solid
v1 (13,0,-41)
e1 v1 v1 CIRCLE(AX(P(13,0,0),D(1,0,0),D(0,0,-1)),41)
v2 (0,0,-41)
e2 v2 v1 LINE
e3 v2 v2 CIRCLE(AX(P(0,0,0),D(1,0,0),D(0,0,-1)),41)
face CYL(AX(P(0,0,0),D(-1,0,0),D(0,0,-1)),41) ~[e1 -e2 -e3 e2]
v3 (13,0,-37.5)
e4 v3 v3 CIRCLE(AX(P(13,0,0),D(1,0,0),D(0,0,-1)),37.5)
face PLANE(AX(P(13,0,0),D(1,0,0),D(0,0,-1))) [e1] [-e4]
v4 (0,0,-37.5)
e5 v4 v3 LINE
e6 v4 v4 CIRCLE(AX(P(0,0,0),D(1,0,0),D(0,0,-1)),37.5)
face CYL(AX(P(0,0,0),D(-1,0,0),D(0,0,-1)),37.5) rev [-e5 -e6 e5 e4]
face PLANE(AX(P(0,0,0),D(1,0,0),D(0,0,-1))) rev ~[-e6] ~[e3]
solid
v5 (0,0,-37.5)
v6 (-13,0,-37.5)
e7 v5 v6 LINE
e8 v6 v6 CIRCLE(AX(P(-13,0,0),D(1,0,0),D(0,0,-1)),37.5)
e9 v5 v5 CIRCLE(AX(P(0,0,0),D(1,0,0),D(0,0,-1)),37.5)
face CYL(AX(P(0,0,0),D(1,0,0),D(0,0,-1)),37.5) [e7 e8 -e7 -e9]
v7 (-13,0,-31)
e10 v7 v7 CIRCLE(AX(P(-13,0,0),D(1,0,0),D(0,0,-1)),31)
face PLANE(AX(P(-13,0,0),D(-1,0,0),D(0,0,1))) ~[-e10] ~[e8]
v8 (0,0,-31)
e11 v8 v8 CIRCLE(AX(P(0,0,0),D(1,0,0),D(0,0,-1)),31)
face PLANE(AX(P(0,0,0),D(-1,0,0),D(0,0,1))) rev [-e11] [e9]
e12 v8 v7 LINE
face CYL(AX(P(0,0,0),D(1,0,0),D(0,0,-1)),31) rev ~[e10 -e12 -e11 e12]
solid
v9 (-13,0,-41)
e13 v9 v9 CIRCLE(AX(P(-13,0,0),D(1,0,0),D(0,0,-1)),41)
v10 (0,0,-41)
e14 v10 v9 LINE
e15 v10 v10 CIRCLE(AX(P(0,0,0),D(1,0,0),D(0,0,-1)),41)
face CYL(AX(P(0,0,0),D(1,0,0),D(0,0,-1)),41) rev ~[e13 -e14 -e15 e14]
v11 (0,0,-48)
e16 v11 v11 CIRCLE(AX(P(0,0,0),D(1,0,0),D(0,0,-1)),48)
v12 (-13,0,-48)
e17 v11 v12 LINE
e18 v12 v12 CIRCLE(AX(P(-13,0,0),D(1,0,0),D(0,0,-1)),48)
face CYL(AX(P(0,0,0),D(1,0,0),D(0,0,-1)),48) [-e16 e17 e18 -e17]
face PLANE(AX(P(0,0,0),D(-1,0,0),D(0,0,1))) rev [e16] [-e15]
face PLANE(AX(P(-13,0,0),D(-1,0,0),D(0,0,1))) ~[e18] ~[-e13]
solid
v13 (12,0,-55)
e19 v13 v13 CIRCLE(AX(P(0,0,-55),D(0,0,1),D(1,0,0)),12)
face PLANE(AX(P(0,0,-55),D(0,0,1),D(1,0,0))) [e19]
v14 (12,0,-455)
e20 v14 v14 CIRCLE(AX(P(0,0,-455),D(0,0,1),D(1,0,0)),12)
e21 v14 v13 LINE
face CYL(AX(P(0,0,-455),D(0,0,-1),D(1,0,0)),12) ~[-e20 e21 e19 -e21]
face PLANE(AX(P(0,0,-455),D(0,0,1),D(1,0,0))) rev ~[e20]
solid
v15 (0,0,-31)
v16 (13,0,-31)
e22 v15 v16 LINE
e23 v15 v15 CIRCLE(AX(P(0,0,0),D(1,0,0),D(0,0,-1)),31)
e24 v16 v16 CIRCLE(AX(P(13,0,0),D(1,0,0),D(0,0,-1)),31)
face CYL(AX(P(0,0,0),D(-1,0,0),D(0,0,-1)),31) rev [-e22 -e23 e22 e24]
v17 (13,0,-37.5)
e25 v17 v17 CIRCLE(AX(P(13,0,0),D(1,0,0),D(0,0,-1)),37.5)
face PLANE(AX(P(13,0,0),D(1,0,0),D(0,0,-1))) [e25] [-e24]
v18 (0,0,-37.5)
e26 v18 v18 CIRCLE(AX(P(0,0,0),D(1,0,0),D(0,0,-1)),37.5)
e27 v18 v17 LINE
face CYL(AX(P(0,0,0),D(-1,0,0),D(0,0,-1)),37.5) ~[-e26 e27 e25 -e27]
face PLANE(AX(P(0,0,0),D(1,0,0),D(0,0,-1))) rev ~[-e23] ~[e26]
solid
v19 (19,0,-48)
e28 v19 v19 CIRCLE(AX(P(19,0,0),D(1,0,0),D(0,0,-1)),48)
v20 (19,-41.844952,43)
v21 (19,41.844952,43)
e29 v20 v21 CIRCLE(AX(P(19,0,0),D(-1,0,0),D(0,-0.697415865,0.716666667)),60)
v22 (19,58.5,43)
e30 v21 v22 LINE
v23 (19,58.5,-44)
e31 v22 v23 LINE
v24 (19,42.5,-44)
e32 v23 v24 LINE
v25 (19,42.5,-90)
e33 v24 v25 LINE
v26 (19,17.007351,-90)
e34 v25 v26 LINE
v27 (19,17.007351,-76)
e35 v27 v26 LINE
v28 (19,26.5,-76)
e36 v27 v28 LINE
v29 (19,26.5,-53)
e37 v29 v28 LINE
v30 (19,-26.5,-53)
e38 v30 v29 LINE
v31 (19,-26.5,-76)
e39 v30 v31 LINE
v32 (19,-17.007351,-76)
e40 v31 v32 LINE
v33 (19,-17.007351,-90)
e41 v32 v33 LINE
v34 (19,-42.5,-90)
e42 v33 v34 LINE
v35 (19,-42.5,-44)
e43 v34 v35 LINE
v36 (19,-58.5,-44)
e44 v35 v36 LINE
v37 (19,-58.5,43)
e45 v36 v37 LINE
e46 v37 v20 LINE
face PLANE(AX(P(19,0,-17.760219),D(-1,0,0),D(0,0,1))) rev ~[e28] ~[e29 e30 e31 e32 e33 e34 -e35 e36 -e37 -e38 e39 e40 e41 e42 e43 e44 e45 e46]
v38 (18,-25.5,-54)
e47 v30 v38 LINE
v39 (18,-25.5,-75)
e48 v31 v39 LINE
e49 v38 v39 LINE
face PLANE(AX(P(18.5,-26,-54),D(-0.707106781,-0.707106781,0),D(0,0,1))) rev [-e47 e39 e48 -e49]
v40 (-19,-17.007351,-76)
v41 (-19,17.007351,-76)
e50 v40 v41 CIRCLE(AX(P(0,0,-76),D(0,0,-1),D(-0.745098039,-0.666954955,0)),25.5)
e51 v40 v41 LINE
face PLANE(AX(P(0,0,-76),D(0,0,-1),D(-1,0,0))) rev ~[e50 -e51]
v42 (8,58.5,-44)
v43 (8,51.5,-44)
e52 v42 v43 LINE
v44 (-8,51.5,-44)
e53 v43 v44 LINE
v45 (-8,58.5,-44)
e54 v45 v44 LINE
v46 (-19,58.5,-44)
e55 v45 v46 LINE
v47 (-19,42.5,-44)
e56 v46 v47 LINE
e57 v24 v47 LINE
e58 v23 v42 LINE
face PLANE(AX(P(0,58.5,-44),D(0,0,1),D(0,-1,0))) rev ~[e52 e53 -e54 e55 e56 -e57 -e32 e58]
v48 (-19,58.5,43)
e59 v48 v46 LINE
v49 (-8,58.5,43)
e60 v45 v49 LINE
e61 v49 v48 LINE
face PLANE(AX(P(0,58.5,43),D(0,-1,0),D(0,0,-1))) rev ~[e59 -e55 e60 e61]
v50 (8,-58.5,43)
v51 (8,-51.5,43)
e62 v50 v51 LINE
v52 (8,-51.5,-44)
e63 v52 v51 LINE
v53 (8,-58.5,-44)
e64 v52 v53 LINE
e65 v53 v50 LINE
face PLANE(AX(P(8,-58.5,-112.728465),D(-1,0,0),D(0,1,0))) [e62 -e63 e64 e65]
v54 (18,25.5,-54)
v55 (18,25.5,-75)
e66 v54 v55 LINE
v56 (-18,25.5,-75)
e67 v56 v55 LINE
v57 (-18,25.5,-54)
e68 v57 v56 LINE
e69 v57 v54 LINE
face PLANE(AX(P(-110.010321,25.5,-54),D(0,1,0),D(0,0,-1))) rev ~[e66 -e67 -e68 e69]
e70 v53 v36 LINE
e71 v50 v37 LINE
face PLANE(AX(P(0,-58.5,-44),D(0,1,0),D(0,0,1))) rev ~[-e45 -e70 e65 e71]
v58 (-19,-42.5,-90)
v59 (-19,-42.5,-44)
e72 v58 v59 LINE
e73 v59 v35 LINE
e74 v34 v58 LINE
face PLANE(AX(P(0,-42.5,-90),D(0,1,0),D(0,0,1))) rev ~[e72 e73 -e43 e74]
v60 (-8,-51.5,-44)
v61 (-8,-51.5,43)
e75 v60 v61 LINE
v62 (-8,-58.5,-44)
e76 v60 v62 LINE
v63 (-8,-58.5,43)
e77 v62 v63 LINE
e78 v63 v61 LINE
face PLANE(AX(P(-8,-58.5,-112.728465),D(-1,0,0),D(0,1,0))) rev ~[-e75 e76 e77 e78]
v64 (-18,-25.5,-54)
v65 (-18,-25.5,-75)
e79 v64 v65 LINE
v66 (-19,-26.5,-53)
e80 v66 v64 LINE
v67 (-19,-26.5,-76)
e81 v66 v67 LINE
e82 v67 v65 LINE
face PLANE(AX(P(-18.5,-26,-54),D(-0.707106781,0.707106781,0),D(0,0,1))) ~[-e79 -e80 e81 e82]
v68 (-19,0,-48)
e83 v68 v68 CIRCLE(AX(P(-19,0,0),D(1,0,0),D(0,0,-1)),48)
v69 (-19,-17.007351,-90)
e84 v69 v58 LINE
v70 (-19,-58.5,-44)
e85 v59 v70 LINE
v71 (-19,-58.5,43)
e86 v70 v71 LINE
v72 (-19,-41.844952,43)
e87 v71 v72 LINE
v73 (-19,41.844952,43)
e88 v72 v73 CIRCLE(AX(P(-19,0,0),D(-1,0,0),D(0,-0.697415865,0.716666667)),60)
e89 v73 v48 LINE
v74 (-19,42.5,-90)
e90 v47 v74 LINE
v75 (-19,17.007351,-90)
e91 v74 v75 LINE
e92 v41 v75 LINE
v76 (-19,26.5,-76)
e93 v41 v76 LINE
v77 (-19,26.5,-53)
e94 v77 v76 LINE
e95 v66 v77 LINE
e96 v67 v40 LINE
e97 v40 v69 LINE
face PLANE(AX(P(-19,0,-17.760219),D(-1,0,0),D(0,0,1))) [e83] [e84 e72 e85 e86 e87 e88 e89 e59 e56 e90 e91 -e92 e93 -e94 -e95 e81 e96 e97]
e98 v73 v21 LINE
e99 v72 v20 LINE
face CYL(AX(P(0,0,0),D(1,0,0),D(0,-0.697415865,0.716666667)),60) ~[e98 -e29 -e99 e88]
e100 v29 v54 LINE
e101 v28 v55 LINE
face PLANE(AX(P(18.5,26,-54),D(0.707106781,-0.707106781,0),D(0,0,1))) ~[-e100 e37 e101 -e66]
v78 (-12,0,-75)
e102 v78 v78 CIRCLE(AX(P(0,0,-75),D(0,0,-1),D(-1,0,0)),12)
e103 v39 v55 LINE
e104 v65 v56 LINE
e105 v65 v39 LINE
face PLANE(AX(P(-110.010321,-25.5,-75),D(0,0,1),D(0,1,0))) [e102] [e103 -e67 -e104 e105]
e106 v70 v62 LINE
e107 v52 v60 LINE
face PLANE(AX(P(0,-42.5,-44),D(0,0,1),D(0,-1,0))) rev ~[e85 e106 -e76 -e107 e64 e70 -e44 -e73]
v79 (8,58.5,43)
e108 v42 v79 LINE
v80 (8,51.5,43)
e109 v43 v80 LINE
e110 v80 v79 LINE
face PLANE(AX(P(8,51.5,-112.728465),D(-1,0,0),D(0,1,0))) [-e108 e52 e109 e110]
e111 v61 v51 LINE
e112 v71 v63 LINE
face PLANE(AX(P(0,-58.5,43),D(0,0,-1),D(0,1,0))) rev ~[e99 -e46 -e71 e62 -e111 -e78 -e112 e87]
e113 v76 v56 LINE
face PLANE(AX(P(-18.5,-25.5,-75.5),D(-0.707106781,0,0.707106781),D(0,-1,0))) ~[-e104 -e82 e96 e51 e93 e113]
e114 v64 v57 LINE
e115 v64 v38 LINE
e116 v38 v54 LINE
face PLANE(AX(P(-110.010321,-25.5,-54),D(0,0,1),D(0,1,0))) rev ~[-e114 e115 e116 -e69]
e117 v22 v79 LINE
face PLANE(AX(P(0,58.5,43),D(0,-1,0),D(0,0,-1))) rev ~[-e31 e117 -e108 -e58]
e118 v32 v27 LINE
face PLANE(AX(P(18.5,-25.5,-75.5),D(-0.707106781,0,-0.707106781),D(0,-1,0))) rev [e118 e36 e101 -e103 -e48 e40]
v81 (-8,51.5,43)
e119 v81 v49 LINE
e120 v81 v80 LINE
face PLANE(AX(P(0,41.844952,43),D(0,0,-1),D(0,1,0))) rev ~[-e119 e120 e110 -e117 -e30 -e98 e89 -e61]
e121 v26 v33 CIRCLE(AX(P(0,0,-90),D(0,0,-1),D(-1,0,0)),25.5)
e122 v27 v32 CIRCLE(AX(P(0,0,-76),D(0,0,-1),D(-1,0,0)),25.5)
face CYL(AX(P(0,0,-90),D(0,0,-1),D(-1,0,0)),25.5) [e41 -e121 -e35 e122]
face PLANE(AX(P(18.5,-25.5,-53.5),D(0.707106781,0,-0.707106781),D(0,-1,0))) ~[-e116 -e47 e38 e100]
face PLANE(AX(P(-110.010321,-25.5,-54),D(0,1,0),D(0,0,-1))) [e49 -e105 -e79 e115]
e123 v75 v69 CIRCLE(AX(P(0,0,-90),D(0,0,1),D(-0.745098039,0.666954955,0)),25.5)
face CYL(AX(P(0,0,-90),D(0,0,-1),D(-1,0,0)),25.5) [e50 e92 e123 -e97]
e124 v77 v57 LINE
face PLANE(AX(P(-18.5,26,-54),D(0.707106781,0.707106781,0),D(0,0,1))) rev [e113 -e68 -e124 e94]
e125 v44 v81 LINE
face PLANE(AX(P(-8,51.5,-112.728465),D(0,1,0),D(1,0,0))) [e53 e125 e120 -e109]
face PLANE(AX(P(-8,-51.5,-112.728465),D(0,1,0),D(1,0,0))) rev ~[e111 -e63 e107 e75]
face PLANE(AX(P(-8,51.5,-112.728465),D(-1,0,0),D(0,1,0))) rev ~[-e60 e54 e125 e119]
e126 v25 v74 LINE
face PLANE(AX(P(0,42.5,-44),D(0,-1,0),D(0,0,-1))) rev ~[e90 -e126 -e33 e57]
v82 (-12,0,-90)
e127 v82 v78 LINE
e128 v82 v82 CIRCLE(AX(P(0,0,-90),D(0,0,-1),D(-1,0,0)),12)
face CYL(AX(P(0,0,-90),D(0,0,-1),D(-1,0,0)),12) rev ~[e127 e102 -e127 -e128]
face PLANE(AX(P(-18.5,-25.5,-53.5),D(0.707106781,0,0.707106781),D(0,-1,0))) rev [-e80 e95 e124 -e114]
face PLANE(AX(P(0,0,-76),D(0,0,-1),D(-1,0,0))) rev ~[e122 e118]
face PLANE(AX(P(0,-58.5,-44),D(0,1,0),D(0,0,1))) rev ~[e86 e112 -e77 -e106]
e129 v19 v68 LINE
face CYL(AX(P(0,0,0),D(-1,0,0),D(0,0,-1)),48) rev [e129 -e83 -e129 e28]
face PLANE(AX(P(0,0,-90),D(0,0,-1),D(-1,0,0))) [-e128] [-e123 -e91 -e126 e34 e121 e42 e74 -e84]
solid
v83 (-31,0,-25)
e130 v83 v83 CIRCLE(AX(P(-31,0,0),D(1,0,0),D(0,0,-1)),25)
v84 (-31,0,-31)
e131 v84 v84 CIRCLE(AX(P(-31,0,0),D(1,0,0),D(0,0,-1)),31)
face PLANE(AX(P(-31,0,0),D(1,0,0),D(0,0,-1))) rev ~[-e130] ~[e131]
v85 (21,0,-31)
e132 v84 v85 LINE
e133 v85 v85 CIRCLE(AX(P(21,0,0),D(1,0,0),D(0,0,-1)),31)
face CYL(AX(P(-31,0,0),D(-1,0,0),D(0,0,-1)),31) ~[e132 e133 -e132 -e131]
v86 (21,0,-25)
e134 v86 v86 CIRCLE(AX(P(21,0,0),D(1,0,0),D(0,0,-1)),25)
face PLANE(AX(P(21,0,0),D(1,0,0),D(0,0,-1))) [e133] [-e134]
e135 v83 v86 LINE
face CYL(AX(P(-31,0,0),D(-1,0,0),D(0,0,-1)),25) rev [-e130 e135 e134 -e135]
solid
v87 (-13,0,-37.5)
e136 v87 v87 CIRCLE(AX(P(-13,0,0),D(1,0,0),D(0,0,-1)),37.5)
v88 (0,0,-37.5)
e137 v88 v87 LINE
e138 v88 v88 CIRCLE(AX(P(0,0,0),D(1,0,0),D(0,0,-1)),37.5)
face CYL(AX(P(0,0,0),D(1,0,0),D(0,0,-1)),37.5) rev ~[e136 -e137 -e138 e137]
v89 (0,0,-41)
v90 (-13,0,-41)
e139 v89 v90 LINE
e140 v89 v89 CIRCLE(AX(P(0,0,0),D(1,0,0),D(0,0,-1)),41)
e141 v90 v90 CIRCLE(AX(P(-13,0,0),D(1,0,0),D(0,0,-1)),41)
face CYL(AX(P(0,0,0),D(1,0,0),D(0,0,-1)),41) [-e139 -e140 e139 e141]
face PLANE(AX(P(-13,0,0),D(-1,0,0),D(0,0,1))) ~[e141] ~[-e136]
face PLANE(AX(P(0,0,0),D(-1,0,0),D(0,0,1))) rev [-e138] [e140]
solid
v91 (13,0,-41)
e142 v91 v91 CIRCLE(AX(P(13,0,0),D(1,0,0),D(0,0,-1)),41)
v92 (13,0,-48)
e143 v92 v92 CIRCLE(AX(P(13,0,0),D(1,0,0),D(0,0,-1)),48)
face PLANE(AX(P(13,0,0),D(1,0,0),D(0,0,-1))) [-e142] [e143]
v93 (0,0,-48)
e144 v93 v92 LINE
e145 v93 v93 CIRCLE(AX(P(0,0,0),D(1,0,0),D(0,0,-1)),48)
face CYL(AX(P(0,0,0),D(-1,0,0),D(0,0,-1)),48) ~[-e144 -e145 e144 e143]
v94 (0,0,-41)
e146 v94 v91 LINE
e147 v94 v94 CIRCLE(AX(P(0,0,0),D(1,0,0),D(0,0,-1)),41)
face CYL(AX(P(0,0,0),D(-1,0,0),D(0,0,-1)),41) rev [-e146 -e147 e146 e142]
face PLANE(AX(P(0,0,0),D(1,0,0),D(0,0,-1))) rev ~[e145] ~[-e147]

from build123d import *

# Parameters (mm, degrees)
SKETCH1_R                = 48
BOSS_EXTRUDE1_DEPTH      = 19
SKETCH2_R                = 41
SKETCH2_R_2              = 37.5
BOSS_EXTRUDE2_DEPTH      = 13
CUT_EXTRUDE1_DEPTH       = 110.010320612
CUT_EXTRUDE1_DEPTH_BACK  = 110.010320612
SKETCH3_W                = 21
SKETCH3_H                = 51
CHAMFER1_SIZE            = 1
SKETCH4_R                = 25.5
BOSS_EXTRUDE3_DEPTH      = 14
SKETCH5_R                = 12
CUT_EXTRUDE2_DEPTH       = 15
SKETCH6_R                = 48
SKETCH6_R_2              = 41
BOSS_EXTRUDE4_DEPTH      = 13
SKETCH7_R                = 37.5
SKETCH7_R_2              = 31
BOSS_EXTRUDE5_DEPTH      = 13
BOSS_EXTRUDE6_DEPTH      = 21
BOSS_EXTRUDE6_DEPTH_BACK = 31
SKETCH8_R                = 31
SKETCH8_R_2              = 25
CUT_EXTRUDE3_DEPTH       = 112.728465487
CUT_EXTRUDE3_DEPTH_BACK  = 112.728465487
SKETCH9_W                = 16
SKETCH9_H                = 7
BOSS_EXTRUDE7_DEPTH      = 20
BOSS_EXTRUDE7_DEPTH_BACK = 380
SKETCH10_R               = 12


with BuildPart() as part:
    # Sketch1 → Boss-Extrude1 (new, symmetric)
    with BuildSketch(Plane(origin=(0, 0, 0), x_dir=(0, 0, -1), z_dir=(1, 0, 0))):
        with BuildLine():
            Line((-43, 41.844951906), (-43, 58.5))
            Line((-43, 58.5), (44, 58.5))
            Line((44, 58.5), (44, 42.5))
            Line((44, 42.5), (90, 42.5))
            Line((90, 42.5), (90, -42.5))
            Line((90, -42.5), (44, -42.5))
            Line((44, -42.5), (44, -58.5))
            Line((44, -58.5), (-43, -58.5))
            Line((-43, -58.5), (-43, -41.844951906))
            ThreePointArc((-43, -41.844951906), (-60, 0), (-43, 41.844951906))
        make_face()
        Circle(SKETCH1_R, mode=Mode.SUBTRACT)
    extrude(amount=BOSS_EXTRUDE1_DEPTH, both=True)

    # Sketch3 → Cut-Extrude1 (cut, two sides: drawn at the far end of the back side and taken through both)
    with BuildSketch(Plane(origin=(0, 0, 0), x_dir=(0, 0, -1), z_dir=(1, 0, 0)).offset(-CUT_EXTRUDE1_DEPTH_BACK)):
        with Locations((64.5, 0)):
            Rectangle(SKETCH3_W, SKETCH3_H)
    extrude(amount=CUT_EXTRUDE1_DEPTH + CUT_EXTRUDE1_DEPTH_BACK, mode=Mode.SUBTRACT)

    # Chamfer1
    chamfer1_edges = [part.edges().sort_by_distance(p)[0] for p in [
        (-19, 0, -54),
        (-19, 25.5, -64.5),
        (-19, 0, -75),
        (-19, -25.5, -64.5),
        (19, 0, -54),
        (19, -25.5, -64.5),
        (19, 0, -75),
        (19, 25.5, -64.5),
    ]]
    chamfer(chamfer1_edges, length=CHAMFER1_SIZE)

    # Sketch4 → Boss-Extrude3 (add)
    with BuildSketch(Plane(origin=(0, 0, -90), x_dir=(-1, 0, 0), z_dir=(0, 0, -1))):
        Circle(SKETCH4_R)
    extrude(amount=-BOSS_EXTRUDE3_DEPTH)

    # Sketch5 → Cut-Extrude2 (cut)
    with BuildSketch(Plane(origin=(0, 0, -90), x_dir=(-1, 0, 0), z_dir=(0, 0, -1))):
        Circle(SKETCH5_R)
    extrude(amount=-CUT_EXTRUDE2_DEPTH, mode=Mode.SUBTRACT)

    # Sketch9 → Cut-Extrude3 (cut, two sides: drawn at the far end of the back side and taken through both)
    with BuildSketch(Plane.XY.offset(-CUT_EXTRUDE3_DEPTH_BACK)):
        with Locations((0, -55)):
            Rectangle(SKETCH9_W, SKETCH9_H)
        with Locations((0, 55)):
            Rectangle(SKETCH9_W, SKETCH9_H)
    extrude(amount=CUT_EXTRUDE3_DEPTH + CUT_EXTRUDE3_DEPTH_BACK, mode=Mode.SUBTRACT)


with BuildPart() as body_2:
    # Sketch2 → Boss-Extrude2 (new body)
    with BuildSketch(Plane(origin=(0, 0, 0), x_dir=(0, 0, -1), z_dir=(1, 0, 0))):
        Circle(SKETCH2_R)
        Circle(SKETCH2_R_2, mode=Mode.SUBTRACT)
    extrude(amount=BOSS_EXTRUDE2_DEPTH)


with BuildPart() as body_3:
    # Sketch6 → Boss-Extrude4 (new body)
    with BuildSketch(Plane(origin=(0, 0, 0), x_dir=(0, 0, -1), z_dir=(1, 0, 0))):
        Circle(SKETCH6_R)
        Circle(SKETCH6_R_2, mode=Mode.SUBTRACT)
    extrude(amount=BOSS_EXTRUDE4_DEPTH)


with BuildPart() as body_4:
    # Sketch7 → Boss-Extrude5 (new body)
    with BuildSketch(Plane(origin=(0, 0, 0), x_dir=(0, 0, -1), z_dir=(1, 0, 0))):
        Circle(SKETCH7_R)
        Circle(SKETCH7_R_2, mode=Mode.SUBTRACT)
    extrude(amount=BOSS_EXTRUDE5_DEPTH)


with BuildPart() as body_5:
    # Sketch8 → Boss-Extrude6 (new, two sides: drawn at the far end of the back side and taken through both)
    with BuildSketch(Plane(origin=(0, 0, 0), x_dir=(0, 0, -1), z_dir=(1, 0, 0)).offset(-BOSS_EXTRUDE6_DEPTH_BACK)):
        Circle(SKETCH8_R)
        Circle(SKETCH8_R_2, mode=Mode.SUBTRACT)
    extrude(amount=BOSS_EXTRUDE6_DEPTH + BOSS_EXTRUDE6_DEPTH_BACK)


with BuildPart() as body_6:
    # Mirror1: mirrored copy
    add(body_3.part.mirror(Plane(origin=(0, 0, 0), x_dir=(0, 0, 1), z_dir=(1, 0, 0))))


with BuildPart() as body_7:
    # Mirror1 2: mirrored copy
    add(body_2.part.mirror(Plane(origin=(0, 0, 0), x_dir=(0, 0, 1), z_dir=(1, 0, 0))))


with BuildPart() as body_8:
    # Mirror1 3: mirrored copy
    add(body_4.part.mirror(Plane(origin=(0, 0, 0), x_dir=(0, 0, 1), z_dir=(1, 0, 0))))


with BuildPart() as body_9:
    # Sketch10 → Boss-Extrude7 (new, two sides: drawn at the far end of the back side and taken through both)
    with BuildSketch(Plane.XY.offset(-75).offset(-BOSS_EXTRUDE7_DEPTH_BACK)):
        Circle(SKETCH10_R)
    extrude(amount=BOSS_EXTRUDE7_DEPTH + BOSS_EXTRUDE7_DEPTH_BACK)


solid = Compound([part.part, body_2.part, body_3.part, body_4.part, body_5.part, body_6.part, body_7.part, body_8.part, body_9.part])
